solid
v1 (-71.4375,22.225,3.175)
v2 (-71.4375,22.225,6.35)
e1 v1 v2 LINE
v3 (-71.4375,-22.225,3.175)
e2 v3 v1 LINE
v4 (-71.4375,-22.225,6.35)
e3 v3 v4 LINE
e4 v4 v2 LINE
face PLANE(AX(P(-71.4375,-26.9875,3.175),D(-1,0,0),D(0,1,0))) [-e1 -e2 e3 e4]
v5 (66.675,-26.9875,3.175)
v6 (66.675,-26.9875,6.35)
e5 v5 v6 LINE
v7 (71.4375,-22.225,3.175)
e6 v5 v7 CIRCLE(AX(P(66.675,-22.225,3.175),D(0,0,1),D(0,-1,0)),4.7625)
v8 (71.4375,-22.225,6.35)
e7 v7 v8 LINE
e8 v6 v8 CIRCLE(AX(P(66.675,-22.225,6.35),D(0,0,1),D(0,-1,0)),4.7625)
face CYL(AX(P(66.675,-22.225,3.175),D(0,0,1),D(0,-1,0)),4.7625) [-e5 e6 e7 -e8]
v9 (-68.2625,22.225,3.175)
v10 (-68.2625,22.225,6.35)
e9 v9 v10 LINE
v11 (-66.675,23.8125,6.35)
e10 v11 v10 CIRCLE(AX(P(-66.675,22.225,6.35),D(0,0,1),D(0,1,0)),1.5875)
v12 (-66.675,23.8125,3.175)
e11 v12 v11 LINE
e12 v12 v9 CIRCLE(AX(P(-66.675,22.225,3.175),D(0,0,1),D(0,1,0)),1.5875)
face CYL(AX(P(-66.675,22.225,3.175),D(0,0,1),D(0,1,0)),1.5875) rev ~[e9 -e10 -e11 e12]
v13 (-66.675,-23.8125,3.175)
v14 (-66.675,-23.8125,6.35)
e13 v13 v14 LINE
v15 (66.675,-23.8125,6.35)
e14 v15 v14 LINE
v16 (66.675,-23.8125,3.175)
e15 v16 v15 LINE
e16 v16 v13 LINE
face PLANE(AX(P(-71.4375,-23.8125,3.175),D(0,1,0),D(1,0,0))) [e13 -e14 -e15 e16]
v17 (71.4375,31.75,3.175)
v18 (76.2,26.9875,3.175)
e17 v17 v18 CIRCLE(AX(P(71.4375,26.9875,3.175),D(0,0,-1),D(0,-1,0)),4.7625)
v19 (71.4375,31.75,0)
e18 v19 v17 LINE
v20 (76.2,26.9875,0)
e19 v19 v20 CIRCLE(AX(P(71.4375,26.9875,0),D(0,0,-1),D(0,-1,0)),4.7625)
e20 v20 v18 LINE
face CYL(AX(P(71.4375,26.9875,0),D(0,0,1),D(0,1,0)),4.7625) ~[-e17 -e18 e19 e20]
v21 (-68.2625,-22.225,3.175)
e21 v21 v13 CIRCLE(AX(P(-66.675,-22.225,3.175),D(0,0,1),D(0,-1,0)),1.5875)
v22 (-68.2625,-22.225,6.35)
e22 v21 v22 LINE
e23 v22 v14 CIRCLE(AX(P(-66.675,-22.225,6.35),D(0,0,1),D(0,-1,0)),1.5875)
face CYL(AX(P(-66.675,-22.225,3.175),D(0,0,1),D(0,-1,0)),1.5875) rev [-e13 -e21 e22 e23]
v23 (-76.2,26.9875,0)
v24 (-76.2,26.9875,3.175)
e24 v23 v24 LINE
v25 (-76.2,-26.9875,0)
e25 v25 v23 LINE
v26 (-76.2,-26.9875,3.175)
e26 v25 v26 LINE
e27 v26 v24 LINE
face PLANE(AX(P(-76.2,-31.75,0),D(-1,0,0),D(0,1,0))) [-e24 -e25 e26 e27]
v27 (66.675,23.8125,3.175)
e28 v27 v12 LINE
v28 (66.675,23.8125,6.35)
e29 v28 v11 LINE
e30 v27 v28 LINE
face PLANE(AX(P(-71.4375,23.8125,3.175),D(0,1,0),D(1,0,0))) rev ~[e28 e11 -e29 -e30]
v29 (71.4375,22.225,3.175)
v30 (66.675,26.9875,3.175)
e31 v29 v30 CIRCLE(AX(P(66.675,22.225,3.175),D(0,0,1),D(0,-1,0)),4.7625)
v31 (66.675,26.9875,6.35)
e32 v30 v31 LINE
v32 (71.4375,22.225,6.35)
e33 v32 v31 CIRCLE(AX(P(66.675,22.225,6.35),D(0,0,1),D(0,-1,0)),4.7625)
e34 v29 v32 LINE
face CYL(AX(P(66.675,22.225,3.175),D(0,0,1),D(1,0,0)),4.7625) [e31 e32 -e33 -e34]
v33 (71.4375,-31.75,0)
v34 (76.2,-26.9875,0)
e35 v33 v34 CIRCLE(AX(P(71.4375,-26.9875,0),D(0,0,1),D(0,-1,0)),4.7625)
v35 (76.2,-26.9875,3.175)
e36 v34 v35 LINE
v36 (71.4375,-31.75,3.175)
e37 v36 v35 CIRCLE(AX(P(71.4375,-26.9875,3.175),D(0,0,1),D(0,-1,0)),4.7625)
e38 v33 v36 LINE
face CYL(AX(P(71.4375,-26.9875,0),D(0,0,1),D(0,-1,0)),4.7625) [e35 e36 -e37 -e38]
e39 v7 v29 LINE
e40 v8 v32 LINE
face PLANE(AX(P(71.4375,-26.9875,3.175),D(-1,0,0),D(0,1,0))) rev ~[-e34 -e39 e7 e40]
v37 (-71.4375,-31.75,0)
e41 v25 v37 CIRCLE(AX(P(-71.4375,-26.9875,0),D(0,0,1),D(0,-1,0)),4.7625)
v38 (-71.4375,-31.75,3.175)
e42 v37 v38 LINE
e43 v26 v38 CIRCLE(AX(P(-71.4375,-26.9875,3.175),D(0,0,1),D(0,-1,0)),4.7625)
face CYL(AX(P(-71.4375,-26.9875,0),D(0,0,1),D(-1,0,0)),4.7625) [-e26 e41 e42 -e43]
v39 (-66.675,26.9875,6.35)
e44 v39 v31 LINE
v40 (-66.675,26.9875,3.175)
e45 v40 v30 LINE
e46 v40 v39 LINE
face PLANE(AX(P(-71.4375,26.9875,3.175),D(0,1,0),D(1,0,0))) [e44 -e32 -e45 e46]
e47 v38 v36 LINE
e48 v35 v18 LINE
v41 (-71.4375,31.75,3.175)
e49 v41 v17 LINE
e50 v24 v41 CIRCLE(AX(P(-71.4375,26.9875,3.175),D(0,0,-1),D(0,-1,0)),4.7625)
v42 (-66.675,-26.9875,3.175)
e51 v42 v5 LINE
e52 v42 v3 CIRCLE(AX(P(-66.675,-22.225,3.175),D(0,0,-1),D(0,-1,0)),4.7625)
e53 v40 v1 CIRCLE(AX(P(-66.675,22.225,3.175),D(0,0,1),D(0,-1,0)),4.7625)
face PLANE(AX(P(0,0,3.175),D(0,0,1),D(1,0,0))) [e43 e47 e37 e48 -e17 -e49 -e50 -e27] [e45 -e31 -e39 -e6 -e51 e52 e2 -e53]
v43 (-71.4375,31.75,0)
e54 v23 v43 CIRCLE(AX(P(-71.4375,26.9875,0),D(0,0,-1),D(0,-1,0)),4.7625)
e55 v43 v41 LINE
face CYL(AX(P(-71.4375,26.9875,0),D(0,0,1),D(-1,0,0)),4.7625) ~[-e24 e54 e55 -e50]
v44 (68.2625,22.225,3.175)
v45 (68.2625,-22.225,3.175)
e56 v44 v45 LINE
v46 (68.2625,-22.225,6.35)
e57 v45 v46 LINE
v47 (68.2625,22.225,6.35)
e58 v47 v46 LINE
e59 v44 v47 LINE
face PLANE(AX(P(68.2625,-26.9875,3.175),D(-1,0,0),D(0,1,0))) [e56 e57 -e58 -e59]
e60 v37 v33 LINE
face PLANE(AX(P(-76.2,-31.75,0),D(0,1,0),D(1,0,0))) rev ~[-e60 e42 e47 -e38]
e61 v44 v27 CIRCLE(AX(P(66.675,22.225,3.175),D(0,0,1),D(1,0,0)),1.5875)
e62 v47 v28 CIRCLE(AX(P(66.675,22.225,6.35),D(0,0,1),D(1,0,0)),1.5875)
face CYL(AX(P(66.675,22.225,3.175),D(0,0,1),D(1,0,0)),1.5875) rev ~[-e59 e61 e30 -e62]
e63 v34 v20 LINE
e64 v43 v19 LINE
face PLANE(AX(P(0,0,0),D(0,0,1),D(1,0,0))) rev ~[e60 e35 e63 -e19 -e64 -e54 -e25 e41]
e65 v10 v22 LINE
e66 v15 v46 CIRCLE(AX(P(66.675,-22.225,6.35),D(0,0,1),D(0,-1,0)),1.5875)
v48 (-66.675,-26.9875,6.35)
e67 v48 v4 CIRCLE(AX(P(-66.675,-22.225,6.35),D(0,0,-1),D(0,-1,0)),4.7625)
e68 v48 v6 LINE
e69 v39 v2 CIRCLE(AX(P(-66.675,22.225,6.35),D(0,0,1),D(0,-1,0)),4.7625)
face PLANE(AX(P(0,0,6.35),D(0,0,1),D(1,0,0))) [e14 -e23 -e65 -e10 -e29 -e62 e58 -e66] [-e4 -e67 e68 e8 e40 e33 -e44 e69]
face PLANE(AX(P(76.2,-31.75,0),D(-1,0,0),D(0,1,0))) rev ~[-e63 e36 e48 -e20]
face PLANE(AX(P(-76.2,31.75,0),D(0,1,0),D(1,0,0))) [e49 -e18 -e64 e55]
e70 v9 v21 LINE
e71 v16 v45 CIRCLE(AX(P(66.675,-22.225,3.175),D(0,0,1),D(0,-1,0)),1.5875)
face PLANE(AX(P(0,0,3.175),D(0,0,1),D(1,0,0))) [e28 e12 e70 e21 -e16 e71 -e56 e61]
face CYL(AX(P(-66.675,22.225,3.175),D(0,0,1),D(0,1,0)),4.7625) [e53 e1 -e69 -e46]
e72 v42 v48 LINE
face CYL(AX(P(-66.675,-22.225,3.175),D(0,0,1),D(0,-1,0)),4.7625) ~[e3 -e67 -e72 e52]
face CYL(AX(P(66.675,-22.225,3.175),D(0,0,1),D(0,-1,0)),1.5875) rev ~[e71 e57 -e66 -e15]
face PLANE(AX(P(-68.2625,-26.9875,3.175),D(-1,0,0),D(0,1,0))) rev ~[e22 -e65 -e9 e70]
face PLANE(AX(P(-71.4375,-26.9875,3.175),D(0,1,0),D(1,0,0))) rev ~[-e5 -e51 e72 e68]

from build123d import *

# Parameters (mm, degrees)
F0_W     = 152.4
F0_H     = 63.5
F1_DEPTH = 3.175
F2_W     = 142.875
F2_H     = 53.975
F3_DEPTH = 3.175
F4_R     = 4.7625
F5_T     = -3.175


with BuildPart() as f1:
    # F0 (on Top) → F1 (new body)
    with BuildSketch(Plane.XY):
        Rectangle(F0_W, F0_H)
    extrude(amount=F1_DEPTH)

    # F2 (on face) → F3 (join)
    with BuildSketch(Plane.XY.offset(3.175)):
        Rectangle(F2_W, F2_H)
    extrude(amount=F3_DEPTH)

    # F4
    f4_edges = [f1.edges().sort_by_distance(p)[0] for p in [
        (71.4375, -26.9875, 4.7625),
        (71.4375, 26.9875, 4.7625),
        (-71.4375, -26.9875, 4.7625),
        (76.2, -31.75, 1.5875),
        (76.2, 31.75, 1.5875),
        (-76.2, -31.75, 1.5875),
        (-71.4375, 26.9875, 4.7625),
        (-76.2, 31.75, 1.5875),
    ]]
    fillet(f4_edges, radius=F4_R)

    # F5
    f5_openings = [f1.faces().sort_by_distance(p)[0] for p in [
        (0, 0, 6.35),
    ]]
    offset(amount=F5_T, openings=f5_openings, kind=Kind.INTERSECTION)


solid = f1.part
